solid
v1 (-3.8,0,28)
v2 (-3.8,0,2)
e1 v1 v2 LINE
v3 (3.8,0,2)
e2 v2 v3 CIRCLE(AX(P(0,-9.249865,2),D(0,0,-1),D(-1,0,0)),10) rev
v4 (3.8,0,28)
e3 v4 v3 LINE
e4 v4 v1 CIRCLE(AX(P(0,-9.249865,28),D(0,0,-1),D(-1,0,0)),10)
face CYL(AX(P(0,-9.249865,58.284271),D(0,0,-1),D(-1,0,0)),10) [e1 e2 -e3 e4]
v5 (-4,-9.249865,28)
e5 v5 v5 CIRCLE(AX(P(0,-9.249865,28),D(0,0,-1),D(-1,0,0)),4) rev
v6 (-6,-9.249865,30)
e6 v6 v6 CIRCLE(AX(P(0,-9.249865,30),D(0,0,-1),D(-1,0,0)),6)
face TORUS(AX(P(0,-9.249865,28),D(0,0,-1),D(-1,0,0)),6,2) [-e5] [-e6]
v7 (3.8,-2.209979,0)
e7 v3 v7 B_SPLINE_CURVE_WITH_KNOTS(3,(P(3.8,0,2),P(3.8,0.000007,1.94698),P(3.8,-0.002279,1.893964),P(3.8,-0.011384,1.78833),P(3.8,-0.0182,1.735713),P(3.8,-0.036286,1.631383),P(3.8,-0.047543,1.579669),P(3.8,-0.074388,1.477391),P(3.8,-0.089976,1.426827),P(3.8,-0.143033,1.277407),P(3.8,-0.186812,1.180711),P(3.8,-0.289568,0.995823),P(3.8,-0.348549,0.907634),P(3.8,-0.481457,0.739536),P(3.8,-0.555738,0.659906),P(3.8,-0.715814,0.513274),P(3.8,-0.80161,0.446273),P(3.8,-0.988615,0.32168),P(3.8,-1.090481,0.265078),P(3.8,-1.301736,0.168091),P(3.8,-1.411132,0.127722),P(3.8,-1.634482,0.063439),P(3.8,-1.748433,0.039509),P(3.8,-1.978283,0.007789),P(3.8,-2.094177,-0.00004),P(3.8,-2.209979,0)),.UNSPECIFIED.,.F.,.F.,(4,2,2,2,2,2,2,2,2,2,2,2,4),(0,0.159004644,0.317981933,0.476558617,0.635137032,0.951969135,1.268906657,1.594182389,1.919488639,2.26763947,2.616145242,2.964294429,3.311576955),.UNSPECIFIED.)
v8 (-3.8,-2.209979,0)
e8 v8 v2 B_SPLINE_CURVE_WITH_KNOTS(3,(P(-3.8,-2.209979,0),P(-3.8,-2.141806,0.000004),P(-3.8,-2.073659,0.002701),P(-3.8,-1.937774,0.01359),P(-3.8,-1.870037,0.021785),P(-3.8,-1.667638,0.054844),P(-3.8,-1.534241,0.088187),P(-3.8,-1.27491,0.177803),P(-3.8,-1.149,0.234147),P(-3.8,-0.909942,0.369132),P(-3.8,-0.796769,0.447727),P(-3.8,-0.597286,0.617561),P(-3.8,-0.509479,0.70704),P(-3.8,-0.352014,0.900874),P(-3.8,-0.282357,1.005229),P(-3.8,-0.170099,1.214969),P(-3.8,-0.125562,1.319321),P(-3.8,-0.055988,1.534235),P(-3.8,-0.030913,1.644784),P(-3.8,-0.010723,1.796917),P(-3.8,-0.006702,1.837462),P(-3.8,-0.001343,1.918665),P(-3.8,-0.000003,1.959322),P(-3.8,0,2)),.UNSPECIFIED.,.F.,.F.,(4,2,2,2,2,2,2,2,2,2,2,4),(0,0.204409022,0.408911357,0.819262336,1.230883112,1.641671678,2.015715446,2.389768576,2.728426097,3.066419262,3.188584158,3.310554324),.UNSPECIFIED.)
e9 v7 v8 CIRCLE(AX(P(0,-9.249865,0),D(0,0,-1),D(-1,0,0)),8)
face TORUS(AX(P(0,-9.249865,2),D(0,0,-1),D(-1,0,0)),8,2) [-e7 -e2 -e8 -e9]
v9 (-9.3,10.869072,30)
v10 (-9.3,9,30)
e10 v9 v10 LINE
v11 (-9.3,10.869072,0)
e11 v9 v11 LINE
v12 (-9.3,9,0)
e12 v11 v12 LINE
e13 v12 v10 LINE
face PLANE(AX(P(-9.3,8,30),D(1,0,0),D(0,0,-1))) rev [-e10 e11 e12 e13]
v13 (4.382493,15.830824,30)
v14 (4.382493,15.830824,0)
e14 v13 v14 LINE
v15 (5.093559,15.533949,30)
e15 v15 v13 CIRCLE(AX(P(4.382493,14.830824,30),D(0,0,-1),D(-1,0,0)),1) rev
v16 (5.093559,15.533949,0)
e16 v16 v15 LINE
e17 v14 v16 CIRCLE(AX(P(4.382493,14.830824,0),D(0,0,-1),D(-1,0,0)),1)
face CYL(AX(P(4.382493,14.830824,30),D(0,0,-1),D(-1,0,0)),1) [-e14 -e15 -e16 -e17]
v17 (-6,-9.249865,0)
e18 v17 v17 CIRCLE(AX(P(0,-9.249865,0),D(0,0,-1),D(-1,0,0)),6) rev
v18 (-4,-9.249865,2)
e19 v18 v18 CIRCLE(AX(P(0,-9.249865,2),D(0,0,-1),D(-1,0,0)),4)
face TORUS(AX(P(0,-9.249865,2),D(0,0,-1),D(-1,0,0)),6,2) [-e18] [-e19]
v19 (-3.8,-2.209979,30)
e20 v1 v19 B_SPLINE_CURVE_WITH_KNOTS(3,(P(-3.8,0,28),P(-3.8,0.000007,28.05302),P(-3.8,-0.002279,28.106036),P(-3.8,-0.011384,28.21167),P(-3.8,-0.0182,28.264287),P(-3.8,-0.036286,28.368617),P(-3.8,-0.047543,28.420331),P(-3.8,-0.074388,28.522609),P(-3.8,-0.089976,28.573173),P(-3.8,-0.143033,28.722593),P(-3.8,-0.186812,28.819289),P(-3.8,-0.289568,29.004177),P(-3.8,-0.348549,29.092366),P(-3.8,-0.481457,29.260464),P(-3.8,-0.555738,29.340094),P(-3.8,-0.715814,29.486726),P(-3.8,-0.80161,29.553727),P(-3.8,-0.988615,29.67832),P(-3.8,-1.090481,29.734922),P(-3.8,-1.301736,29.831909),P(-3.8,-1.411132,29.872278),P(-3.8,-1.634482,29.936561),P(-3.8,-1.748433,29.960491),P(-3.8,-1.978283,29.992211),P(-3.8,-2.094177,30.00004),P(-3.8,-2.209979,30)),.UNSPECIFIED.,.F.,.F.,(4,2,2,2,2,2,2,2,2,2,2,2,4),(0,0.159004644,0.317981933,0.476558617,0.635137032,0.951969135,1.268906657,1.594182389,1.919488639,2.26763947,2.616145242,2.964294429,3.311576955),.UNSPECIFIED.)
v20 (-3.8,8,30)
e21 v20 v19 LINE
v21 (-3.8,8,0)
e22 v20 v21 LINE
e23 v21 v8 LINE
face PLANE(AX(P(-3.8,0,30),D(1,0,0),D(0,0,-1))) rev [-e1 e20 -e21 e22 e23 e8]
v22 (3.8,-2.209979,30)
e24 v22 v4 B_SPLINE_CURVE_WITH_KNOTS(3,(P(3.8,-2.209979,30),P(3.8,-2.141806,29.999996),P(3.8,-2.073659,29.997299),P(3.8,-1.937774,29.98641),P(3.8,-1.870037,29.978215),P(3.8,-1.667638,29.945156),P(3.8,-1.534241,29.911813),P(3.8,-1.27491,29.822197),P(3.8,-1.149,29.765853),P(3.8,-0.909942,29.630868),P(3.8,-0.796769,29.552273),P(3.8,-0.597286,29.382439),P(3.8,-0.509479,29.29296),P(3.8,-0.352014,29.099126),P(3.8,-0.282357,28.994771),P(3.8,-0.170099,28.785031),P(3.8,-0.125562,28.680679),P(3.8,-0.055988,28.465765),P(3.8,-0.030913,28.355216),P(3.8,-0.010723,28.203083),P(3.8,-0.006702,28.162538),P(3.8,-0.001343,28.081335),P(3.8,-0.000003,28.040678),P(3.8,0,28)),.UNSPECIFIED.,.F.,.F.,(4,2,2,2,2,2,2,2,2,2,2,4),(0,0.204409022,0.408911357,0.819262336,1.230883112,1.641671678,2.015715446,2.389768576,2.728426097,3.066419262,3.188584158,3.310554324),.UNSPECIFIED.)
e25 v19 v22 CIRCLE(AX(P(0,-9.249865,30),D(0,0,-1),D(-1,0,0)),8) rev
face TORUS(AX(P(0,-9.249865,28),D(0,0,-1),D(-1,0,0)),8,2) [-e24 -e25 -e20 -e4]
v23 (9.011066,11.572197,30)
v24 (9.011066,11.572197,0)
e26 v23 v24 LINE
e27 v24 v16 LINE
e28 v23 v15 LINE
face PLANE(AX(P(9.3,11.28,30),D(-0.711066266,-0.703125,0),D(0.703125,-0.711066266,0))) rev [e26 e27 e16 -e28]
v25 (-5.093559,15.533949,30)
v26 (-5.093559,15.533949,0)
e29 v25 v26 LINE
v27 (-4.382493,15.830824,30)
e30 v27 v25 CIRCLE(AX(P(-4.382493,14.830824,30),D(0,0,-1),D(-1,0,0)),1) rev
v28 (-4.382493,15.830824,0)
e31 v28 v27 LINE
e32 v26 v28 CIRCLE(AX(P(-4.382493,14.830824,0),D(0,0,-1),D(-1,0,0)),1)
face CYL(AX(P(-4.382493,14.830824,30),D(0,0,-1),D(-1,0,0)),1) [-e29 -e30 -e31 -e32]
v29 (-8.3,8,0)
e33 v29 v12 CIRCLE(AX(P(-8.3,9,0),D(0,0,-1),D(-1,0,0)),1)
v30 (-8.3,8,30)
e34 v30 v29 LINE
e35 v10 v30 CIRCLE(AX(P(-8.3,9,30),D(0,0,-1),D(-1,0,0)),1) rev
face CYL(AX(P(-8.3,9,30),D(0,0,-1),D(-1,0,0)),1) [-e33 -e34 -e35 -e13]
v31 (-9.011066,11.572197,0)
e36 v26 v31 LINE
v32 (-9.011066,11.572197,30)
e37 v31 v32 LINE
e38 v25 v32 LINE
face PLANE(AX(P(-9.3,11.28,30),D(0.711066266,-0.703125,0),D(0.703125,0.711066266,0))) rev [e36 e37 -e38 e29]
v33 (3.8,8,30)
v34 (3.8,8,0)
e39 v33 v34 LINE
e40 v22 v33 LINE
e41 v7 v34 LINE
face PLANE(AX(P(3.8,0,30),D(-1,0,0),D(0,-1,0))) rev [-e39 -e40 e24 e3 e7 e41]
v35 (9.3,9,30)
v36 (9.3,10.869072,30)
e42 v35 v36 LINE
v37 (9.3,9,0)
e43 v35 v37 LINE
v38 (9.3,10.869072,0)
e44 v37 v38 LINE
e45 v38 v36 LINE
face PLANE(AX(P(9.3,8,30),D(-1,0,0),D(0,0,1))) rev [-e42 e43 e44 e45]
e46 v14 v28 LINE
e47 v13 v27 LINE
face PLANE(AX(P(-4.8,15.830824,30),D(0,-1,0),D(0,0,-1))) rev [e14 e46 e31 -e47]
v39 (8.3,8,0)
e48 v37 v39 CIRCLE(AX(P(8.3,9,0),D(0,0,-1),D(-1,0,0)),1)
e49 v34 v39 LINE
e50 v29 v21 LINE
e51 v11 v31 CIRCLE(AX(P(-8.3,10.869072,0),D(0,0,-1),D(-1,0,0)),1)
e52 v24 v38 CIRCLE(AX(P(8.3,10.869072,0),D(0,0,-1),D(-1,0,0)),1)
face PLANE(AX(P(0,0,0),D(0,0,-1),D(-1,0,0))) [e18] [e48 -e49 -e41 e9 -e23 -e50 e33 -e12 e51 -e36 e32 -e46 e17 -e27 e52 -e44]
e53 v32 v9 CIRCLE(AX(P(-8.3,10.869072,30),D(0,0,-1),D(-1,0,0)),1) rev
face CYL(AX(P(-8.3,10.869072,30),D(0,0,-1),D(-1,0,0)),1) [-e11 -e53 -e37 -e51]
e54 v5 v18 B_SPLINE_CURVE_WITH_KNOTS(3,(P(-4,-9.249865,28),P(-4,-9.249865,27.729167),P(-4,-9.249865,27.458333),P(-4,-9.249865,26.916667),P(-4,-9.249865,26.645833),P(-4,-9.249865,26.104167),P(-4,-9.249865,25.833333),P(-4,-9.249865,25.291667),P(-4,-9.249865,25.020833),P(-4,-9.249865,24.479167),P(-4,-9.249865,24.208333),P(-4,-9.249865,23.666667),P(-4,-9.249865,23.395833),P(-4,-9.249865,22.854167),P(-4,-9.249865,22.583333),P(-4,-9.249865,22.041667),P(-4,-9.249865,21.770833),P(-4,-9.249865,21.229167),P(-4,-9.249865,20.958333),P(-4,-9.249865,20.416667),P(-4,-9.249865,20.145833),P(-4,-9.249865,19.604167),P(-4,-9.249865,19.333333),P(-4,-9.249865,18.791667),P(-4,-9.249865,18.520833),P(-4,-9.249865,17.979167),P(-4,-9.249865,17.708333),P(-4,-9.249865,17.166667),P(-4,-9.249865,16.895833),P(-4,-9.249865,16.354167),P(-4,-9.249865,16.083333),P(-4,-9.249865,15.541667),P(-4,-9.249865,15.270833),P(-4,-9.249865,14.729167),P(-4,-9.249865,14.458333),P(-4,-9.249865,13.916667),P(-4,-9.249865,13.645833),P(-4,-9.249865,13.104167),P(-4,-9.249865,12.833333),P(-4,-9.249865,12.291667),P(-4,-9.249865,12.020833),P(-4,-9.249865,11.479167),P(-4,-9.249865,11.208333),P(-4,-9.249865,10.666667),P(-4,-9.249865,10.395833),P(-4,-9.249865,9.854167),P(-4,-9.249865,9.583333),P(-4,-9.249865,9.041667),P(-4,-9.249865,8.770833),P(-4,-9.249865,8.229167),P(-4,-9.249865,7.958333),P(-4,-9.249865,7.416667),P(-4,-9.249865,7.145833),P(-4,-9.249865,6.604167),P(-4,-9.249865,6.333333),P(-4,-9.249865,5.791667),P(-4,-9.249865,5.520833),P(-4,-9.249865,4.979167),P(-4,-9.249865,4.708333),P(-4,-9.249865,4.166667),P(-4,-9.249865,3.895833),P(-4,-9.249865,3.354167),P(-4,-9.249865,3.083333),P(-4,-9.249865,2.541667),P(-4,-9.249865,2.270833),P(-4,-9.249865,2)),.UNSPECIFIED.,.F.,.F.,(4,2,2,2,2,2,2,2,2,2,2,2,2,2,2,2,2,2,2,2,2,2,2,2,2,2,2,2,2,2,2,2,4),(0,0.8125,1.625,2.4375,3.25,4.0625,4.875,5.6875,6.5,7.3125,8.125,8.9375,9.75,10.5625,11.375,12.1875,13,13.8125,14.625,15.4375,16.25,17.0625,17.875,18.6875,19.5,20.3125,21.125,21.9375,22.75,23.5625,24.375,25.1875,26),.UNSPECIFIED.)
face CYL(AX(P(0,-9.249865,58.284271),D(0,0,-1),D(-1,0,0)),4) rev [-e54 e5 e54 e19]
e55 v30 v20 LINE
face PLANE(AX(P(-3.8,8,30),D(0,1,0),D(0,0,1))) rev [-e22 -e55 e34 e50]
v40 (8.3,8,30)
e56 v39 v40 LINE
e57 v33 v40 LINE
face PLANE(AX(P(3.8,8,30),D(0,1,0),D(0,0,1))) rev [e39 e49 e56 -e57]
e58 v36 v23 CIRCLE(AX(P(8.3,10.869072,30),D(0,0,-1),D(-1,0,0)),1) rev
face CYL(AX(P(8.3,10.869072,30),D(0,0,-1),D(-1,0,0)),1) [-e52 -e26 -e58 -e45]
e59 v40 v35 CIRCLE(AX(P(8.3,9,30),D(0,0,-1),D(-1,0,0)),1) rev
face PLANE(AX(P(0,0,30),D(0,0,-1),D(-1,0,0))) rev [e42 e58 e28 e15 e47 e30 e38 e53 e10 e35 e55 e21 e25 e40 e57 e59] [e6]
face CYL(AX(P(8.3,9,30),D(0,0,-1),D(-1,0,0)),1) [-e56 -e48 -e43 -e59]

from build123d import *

# Parameters (mm, degrees)
BOSS_EXTRUDE1_DEPTH = 30
FILLET1_R           = 1
SKETCH3_R           = 10
SKETCH3_R_2         = 4
BOSS_EXTRUDE2_DEPTH = 30
FILLET2_R           = 2


with BuildPart() as part:
    # Sketch1 → Boss-Extrude1 (new body)
    with BuildSketch(Plane.XY):
        Polygon((3.8, 0), (-3.8, 0), (-3.8, 8), (-9.3, 8), (-9.3, 11.28), (-4.8, 15.830824101), (4.8, 15.830824101), (9.3, 11.28), (9.3, 8), (3.8, 8), align=None)
    extrude(amount=BOSS_EXTRUDE1_DEPTH)

    # Fillet1
    fillet1_edges = [part.edges().sort_by_distance(p)[0] for p in [
        (9.3, 11.28, 15),
        (9.3, 8, 15),
        (-9.3, 8, 15),
        (-9.3, 11.28, 15),
        (-4.8, 15.830824101, 15),
        (4.8, 15.830824101, 15),
    ]]
    fillet(fillet1_edges, radius=FILLET1_R)

    # Sketch3 → Boss-Extrude2 (add)
    with BuildSketch(Plane(origin=(0, 0, 0), x_dir=(-1, 0, 0), z_dir=(0, 0, -1))):
        with Locations((0, -9.249864864)):
            Circle(SKETCH3_R)
        with Locations((0, -9.249864864)):
            Circle(SKETCH3_R_2, mode=Mode.SUBTRACT)
    extrude(amount=-BOSS_EXTRUDE2_DEPTH)

    # Fillet2
    fillet2_edges = [part.edges().sort_by_distance(p)[0] for p in [
        (0, -19.249864864, 0),
        (0, -19.249864864, 30),
        (4, -9.249864864, 30),
        (4, -9.249864864, 0),
    ]]
    fillet(fillet2_edges, radius=FILLET2_R)


solid = part.part
